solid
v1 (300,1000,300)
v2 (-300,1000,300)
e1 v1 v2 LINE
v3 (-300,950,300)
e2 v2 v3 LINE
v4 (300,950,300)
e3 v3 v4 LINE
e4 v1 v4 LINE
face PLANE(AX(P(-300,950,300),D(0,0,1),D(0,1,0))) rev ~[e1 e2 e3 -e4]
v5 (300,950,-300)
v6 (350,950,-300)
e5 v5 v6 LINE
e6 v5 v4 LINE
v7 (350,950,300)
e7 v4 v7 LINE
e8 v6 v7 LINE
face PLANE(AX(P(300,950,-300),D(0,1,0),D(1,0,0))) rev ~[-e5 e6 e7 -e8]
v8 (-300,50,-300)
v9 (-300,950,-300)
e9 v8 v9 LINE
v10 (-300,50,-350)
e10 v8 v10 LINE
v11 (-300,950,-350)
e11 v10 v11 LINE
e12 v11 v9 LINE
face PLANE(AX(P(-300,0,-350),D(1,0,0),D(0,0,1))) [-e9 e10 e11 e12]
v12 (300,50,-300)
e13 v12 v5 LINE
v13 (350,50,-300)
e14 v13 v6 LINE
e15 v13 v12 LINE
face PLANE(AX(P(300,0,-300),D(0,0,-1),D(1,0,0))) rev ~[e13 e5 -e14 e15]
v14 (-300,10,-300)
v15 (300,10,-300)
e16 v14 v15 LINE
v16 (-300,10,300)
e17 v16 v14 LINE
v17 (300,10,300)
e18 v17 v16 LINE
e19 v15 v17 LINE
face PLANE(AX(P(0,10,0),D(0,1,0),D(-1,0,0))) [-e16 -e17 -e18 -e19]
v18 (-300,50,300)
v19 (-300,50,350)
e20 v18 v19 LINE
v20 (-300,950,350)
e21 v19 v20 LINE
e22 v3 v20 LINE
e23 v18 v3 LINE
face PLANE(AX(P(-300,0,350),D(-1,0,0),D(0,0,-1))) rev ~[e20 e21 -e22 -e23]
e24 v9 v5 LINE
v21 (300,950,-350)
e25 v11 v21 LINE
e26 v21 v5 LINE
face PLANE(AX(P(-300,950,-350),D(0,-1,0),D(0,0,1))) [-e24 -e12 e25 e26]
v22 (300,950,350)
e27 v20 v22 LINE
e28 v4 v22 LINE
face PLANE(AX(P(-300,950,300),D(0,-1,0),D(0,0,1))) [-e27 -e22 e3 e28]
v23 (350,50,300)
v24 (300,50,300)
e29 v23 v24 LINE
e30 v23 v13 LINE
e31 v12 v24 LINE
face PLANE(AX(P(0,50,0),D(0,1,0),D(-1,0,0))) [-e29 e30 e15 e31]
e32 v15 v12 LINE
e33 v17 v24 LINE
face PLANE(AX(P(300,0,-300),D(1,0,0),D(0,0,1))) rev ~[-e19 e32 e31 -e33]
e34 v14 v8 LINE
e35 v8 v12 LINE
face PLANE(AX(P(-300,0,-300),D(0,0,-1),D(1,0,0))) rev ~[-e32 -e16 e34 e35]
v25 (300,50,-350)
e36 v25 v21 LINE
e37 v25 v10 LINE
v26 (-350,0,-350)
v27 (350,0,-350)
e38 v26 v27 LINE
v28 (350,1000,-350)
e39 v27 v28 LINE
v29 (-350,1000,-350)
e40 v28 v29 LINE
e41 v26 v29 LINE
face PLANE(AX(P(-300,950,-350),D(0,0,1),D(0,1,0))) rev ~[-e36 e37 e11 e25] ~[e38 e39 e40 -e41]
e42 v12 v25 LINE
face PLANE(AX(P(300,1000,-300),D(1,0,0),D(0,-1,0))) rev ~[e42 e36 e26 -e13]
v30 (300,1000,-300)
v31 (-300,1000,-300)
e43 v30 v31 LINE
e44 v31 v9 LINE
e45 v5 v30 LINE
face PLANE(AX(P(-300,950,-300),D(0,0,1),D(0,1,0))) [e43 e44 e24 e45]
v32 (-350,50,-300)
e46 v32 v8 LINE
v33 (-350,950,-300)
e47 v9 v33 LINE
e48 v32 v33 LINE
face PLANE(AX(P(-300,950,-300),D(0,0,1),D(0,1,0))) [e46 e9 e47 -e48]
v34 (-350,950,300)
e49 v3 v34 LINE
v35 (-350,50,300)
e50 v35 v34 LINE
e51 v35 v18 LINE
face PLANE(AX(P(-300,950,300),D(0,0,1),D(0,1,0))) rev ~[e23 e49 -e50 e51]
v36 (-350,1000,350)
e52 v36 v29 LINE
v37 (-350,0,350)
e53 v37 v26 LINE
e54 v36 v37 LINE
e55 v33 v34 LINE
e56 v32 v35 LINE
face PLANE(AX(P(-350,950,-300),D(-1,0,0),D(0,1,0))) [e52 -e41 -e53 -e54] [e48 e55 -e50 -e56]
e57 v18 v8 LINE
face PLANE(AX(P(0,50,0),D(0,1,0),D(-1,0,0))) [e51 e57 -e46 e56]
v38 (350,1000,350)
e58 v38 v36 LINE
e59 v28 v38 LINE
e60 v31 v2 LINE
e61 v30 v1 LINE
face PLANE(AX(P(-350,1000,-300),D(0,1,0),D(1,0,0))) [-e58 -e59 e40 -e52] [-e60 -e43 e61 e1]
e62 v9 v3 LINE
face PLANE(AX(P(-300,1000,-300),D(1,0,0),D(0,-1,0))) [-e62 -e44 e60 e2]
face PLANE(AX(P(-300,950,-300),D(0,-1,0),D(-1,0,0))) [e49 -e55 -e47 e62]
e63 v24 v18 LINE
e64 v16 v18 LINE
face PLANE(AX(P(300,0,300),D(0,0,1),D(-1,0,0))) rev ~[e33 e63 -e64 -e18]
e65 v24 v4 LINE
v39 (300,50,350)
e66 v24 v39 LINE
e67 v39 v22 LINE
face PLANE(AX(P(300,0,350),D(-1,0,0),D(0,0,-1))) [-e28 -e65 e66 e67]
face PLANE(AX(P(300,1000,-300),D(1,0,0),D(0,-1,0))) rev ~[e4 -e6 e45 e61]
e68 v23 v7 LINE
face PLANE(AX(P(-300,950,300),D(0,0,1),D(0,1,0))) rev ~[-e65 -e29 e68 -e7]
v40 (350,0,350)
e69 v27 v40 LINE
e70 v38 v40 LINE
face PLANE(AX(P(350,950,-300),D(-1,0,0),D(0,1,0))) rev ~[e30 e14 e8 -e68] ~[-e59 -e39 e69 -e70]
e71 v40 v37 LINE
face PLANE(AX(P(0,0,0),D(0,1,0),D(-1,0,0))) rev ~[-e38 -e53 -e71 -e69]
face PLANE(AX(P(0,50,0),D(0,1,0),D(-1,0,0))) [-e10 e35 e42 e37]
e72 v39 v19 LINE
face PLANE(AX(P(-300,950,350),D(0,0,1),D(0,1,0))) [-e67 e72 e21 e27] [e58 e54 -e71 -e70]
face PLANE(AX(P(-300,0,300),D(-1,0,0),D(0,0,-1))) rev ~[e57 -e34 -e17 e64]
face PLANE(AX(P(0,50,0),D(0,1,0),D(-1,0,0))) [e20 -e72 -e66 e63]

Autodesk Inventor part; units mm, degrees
ref_plane "YZ Plane" through (0, 0, 0) normal (1, 0, 0) x (0, 1, 0)
ref_plane "XZ Plane" through (0, 0, 0) normal (0, 1, 0) x (-1, 0, 0)
ref_plane "XY Plane" through (0, 0, 0) normal (0, 0, 1) x (1, 0, 0)
sketch "Sketch1" plane through (0, 0, 0) normal (0, 0, 1) x (1, 0, 0)
  point P0 (0, 0)
sketch "Sketch2" plane through (0, 0, 0) normal (0, 1, 0) x (-1, 0, 0)
  line L0 (-300, 300) -> (300, 300)
  line L1 (300, 300) -> (300, -300)
  line L2 (300, -300) -> (-300, -300)
  line L3 (-300, -300) -> (-300, 300)
  line L4 (-300, 300) -> (300, -300) construction
  line L5 (300, 300) -> (-300, -300) construction
  line L6 (350, 350) -> (-350, 350)
  line L7 (-350, 350) -> (-350, -350)
  line L8 (-350, -350) -> (350, -350)
  line L9 (350, -350) -> (350, 350)
  line L10 (350, 350) -> (-350, -350) construction
  line L11 (-350, 350) -> (350, -350) construction
  line L12 (-300, 300) -> (-350, 300)
  line L13 (-350, 300) -> (-350, 350)
  line L14 (-350, 350) -> (-300, 350)
  line L15 (-300, 350) -> (-300, 300)
  line L16 (300, 300) -> (350, 300)
  line L17 (350, 300) -> (350, 350)
  line L18 (350, 350) -> (300, 350)
  line L19 (300, 350) -> (300, 300)
  line L20 (350, -350) -> (300, -350)
  line L21 (300, -350) -> (300, -300)
  line L22 (300, -300) -> (350, -300)
  line L23 (350, -300) -> (350, -350)
  line L24 (-350, -350) -> (-300, -350)
  line L25 (-300, -350) -> (-300, -300)
  line L26 (-300, -300) -> (-350, -300)
  line L27 (-350, -300) -> (-350, -350)
  point P0 (0, 0)
  dimension "d0" = 600
  dimension "d1" = 600
  dimension "d2" = 700
  dimension "d3" = 700
extrude "Extrusion1" add sketch "Sketch2" along normal blind 10 contours L0 L1 L2 L3
extrude "Extrusion2" add sketch "Sketch2" along normal blind 50 contours L15 L6 L19 L0 | L3 L26 L7 L12 | L12 L7 L6 L15 | L16 L9 L22 L1 | L19 L6 L9 L16 | L2 L21 L8 L25 | L25 L8 L7 L26 | L22 L9 L8 L21
extrude "Extrusion3" add sketch "Sketch2" along normal blind 1000 contours L12 L7 L6 L15 | L19 L6 L9 L16 | L25 L8 L7 L26 | L22 L9 L8 L21
sketch3d "3D Sketch1"
sketch "Sketch3" plane through (-300, 50, 300) normal (1, 0, 0) x (0, 0, -1)
  line L0 (-50, -50) -> (-50, 950) projected
  line L1 (0, 0) -> (0, 950) projected
  line L2 (-50, 950) -> (0, 950)
  line L3 (0, 950) -> (0, 900)
  line L4 (0, 900) -> (-50, 900)
  line L5 (-50, 900) -> (-50, 950)
  point P0 (300, -50)
  dimension "d13" = 50
sketch "Sketch4" plane through (-300, 50, 300) normal (1, 0, 0) x (0, 0, -1)
  point P0 (300, -50)
extrude "Extrusion4" add sketch "Sketch3" along normal up to surface (600 mm away)
sketch "Sketch5" plane through (300, 50, -300) normal (0, 0, 1) x (1, 0, 0)
  line L0 (50, 950) -> (-650, 950) projected
  line L1 (0, 0) -> (0, 900) projected
  line L2 (50, 950) -> (0, 950)
  line L3 (0, 950) -> (0, 900)
  line L4 (0, 900) -> (50, 900)
  line L5 (50, 900) -> (50, 950)
  point P0 (-300, -50)
extrude "Extrusion5" add sketch "Sketch5" along normal up to surface (600 mm away)
sketch "Sketch6" plane through (-300, 50, -350) normal (1, 0, 0) x (0, 0, -1)
  line L0 (-50, 0) -> (-50, 950) projected
  line L1 (0, 0) -> (0, 950) projected
  line L2 (-50, 950) -> (0, 950)
  line L3 (0, 950) -> (0, 900)
  line L4 (0, 900) -> (-50, 900)
  line L5 (-50, 900) -> (-50, 950)
  point P0 (-350, -50)
  dimension "d18" = 50
extrude "Extrusion6" add sketch "Sketch6" along normal up to surface (600 mm away)
sketch "Sketch7" plane through (-350, 1000, -300) normal (0, 0, 1) x (1, 0, 0)
  line L0 (0, -950) -> (0, 0) projected
  line L1 (50, -950) -> (50, -50) projected
  line L2 (0, 0) -> (50, 0)
  line L3 (50, 0) -> (50, -50)
  line L4 (50, -50) -> (0, -50)
  line L5 (0, -50) -> (0, 0)
  point P0 (350, -1000)
extrude "Extrusion7" add sketch "Sketch7" along normal up to surface (600 mm away)
properties part number "Frame"
